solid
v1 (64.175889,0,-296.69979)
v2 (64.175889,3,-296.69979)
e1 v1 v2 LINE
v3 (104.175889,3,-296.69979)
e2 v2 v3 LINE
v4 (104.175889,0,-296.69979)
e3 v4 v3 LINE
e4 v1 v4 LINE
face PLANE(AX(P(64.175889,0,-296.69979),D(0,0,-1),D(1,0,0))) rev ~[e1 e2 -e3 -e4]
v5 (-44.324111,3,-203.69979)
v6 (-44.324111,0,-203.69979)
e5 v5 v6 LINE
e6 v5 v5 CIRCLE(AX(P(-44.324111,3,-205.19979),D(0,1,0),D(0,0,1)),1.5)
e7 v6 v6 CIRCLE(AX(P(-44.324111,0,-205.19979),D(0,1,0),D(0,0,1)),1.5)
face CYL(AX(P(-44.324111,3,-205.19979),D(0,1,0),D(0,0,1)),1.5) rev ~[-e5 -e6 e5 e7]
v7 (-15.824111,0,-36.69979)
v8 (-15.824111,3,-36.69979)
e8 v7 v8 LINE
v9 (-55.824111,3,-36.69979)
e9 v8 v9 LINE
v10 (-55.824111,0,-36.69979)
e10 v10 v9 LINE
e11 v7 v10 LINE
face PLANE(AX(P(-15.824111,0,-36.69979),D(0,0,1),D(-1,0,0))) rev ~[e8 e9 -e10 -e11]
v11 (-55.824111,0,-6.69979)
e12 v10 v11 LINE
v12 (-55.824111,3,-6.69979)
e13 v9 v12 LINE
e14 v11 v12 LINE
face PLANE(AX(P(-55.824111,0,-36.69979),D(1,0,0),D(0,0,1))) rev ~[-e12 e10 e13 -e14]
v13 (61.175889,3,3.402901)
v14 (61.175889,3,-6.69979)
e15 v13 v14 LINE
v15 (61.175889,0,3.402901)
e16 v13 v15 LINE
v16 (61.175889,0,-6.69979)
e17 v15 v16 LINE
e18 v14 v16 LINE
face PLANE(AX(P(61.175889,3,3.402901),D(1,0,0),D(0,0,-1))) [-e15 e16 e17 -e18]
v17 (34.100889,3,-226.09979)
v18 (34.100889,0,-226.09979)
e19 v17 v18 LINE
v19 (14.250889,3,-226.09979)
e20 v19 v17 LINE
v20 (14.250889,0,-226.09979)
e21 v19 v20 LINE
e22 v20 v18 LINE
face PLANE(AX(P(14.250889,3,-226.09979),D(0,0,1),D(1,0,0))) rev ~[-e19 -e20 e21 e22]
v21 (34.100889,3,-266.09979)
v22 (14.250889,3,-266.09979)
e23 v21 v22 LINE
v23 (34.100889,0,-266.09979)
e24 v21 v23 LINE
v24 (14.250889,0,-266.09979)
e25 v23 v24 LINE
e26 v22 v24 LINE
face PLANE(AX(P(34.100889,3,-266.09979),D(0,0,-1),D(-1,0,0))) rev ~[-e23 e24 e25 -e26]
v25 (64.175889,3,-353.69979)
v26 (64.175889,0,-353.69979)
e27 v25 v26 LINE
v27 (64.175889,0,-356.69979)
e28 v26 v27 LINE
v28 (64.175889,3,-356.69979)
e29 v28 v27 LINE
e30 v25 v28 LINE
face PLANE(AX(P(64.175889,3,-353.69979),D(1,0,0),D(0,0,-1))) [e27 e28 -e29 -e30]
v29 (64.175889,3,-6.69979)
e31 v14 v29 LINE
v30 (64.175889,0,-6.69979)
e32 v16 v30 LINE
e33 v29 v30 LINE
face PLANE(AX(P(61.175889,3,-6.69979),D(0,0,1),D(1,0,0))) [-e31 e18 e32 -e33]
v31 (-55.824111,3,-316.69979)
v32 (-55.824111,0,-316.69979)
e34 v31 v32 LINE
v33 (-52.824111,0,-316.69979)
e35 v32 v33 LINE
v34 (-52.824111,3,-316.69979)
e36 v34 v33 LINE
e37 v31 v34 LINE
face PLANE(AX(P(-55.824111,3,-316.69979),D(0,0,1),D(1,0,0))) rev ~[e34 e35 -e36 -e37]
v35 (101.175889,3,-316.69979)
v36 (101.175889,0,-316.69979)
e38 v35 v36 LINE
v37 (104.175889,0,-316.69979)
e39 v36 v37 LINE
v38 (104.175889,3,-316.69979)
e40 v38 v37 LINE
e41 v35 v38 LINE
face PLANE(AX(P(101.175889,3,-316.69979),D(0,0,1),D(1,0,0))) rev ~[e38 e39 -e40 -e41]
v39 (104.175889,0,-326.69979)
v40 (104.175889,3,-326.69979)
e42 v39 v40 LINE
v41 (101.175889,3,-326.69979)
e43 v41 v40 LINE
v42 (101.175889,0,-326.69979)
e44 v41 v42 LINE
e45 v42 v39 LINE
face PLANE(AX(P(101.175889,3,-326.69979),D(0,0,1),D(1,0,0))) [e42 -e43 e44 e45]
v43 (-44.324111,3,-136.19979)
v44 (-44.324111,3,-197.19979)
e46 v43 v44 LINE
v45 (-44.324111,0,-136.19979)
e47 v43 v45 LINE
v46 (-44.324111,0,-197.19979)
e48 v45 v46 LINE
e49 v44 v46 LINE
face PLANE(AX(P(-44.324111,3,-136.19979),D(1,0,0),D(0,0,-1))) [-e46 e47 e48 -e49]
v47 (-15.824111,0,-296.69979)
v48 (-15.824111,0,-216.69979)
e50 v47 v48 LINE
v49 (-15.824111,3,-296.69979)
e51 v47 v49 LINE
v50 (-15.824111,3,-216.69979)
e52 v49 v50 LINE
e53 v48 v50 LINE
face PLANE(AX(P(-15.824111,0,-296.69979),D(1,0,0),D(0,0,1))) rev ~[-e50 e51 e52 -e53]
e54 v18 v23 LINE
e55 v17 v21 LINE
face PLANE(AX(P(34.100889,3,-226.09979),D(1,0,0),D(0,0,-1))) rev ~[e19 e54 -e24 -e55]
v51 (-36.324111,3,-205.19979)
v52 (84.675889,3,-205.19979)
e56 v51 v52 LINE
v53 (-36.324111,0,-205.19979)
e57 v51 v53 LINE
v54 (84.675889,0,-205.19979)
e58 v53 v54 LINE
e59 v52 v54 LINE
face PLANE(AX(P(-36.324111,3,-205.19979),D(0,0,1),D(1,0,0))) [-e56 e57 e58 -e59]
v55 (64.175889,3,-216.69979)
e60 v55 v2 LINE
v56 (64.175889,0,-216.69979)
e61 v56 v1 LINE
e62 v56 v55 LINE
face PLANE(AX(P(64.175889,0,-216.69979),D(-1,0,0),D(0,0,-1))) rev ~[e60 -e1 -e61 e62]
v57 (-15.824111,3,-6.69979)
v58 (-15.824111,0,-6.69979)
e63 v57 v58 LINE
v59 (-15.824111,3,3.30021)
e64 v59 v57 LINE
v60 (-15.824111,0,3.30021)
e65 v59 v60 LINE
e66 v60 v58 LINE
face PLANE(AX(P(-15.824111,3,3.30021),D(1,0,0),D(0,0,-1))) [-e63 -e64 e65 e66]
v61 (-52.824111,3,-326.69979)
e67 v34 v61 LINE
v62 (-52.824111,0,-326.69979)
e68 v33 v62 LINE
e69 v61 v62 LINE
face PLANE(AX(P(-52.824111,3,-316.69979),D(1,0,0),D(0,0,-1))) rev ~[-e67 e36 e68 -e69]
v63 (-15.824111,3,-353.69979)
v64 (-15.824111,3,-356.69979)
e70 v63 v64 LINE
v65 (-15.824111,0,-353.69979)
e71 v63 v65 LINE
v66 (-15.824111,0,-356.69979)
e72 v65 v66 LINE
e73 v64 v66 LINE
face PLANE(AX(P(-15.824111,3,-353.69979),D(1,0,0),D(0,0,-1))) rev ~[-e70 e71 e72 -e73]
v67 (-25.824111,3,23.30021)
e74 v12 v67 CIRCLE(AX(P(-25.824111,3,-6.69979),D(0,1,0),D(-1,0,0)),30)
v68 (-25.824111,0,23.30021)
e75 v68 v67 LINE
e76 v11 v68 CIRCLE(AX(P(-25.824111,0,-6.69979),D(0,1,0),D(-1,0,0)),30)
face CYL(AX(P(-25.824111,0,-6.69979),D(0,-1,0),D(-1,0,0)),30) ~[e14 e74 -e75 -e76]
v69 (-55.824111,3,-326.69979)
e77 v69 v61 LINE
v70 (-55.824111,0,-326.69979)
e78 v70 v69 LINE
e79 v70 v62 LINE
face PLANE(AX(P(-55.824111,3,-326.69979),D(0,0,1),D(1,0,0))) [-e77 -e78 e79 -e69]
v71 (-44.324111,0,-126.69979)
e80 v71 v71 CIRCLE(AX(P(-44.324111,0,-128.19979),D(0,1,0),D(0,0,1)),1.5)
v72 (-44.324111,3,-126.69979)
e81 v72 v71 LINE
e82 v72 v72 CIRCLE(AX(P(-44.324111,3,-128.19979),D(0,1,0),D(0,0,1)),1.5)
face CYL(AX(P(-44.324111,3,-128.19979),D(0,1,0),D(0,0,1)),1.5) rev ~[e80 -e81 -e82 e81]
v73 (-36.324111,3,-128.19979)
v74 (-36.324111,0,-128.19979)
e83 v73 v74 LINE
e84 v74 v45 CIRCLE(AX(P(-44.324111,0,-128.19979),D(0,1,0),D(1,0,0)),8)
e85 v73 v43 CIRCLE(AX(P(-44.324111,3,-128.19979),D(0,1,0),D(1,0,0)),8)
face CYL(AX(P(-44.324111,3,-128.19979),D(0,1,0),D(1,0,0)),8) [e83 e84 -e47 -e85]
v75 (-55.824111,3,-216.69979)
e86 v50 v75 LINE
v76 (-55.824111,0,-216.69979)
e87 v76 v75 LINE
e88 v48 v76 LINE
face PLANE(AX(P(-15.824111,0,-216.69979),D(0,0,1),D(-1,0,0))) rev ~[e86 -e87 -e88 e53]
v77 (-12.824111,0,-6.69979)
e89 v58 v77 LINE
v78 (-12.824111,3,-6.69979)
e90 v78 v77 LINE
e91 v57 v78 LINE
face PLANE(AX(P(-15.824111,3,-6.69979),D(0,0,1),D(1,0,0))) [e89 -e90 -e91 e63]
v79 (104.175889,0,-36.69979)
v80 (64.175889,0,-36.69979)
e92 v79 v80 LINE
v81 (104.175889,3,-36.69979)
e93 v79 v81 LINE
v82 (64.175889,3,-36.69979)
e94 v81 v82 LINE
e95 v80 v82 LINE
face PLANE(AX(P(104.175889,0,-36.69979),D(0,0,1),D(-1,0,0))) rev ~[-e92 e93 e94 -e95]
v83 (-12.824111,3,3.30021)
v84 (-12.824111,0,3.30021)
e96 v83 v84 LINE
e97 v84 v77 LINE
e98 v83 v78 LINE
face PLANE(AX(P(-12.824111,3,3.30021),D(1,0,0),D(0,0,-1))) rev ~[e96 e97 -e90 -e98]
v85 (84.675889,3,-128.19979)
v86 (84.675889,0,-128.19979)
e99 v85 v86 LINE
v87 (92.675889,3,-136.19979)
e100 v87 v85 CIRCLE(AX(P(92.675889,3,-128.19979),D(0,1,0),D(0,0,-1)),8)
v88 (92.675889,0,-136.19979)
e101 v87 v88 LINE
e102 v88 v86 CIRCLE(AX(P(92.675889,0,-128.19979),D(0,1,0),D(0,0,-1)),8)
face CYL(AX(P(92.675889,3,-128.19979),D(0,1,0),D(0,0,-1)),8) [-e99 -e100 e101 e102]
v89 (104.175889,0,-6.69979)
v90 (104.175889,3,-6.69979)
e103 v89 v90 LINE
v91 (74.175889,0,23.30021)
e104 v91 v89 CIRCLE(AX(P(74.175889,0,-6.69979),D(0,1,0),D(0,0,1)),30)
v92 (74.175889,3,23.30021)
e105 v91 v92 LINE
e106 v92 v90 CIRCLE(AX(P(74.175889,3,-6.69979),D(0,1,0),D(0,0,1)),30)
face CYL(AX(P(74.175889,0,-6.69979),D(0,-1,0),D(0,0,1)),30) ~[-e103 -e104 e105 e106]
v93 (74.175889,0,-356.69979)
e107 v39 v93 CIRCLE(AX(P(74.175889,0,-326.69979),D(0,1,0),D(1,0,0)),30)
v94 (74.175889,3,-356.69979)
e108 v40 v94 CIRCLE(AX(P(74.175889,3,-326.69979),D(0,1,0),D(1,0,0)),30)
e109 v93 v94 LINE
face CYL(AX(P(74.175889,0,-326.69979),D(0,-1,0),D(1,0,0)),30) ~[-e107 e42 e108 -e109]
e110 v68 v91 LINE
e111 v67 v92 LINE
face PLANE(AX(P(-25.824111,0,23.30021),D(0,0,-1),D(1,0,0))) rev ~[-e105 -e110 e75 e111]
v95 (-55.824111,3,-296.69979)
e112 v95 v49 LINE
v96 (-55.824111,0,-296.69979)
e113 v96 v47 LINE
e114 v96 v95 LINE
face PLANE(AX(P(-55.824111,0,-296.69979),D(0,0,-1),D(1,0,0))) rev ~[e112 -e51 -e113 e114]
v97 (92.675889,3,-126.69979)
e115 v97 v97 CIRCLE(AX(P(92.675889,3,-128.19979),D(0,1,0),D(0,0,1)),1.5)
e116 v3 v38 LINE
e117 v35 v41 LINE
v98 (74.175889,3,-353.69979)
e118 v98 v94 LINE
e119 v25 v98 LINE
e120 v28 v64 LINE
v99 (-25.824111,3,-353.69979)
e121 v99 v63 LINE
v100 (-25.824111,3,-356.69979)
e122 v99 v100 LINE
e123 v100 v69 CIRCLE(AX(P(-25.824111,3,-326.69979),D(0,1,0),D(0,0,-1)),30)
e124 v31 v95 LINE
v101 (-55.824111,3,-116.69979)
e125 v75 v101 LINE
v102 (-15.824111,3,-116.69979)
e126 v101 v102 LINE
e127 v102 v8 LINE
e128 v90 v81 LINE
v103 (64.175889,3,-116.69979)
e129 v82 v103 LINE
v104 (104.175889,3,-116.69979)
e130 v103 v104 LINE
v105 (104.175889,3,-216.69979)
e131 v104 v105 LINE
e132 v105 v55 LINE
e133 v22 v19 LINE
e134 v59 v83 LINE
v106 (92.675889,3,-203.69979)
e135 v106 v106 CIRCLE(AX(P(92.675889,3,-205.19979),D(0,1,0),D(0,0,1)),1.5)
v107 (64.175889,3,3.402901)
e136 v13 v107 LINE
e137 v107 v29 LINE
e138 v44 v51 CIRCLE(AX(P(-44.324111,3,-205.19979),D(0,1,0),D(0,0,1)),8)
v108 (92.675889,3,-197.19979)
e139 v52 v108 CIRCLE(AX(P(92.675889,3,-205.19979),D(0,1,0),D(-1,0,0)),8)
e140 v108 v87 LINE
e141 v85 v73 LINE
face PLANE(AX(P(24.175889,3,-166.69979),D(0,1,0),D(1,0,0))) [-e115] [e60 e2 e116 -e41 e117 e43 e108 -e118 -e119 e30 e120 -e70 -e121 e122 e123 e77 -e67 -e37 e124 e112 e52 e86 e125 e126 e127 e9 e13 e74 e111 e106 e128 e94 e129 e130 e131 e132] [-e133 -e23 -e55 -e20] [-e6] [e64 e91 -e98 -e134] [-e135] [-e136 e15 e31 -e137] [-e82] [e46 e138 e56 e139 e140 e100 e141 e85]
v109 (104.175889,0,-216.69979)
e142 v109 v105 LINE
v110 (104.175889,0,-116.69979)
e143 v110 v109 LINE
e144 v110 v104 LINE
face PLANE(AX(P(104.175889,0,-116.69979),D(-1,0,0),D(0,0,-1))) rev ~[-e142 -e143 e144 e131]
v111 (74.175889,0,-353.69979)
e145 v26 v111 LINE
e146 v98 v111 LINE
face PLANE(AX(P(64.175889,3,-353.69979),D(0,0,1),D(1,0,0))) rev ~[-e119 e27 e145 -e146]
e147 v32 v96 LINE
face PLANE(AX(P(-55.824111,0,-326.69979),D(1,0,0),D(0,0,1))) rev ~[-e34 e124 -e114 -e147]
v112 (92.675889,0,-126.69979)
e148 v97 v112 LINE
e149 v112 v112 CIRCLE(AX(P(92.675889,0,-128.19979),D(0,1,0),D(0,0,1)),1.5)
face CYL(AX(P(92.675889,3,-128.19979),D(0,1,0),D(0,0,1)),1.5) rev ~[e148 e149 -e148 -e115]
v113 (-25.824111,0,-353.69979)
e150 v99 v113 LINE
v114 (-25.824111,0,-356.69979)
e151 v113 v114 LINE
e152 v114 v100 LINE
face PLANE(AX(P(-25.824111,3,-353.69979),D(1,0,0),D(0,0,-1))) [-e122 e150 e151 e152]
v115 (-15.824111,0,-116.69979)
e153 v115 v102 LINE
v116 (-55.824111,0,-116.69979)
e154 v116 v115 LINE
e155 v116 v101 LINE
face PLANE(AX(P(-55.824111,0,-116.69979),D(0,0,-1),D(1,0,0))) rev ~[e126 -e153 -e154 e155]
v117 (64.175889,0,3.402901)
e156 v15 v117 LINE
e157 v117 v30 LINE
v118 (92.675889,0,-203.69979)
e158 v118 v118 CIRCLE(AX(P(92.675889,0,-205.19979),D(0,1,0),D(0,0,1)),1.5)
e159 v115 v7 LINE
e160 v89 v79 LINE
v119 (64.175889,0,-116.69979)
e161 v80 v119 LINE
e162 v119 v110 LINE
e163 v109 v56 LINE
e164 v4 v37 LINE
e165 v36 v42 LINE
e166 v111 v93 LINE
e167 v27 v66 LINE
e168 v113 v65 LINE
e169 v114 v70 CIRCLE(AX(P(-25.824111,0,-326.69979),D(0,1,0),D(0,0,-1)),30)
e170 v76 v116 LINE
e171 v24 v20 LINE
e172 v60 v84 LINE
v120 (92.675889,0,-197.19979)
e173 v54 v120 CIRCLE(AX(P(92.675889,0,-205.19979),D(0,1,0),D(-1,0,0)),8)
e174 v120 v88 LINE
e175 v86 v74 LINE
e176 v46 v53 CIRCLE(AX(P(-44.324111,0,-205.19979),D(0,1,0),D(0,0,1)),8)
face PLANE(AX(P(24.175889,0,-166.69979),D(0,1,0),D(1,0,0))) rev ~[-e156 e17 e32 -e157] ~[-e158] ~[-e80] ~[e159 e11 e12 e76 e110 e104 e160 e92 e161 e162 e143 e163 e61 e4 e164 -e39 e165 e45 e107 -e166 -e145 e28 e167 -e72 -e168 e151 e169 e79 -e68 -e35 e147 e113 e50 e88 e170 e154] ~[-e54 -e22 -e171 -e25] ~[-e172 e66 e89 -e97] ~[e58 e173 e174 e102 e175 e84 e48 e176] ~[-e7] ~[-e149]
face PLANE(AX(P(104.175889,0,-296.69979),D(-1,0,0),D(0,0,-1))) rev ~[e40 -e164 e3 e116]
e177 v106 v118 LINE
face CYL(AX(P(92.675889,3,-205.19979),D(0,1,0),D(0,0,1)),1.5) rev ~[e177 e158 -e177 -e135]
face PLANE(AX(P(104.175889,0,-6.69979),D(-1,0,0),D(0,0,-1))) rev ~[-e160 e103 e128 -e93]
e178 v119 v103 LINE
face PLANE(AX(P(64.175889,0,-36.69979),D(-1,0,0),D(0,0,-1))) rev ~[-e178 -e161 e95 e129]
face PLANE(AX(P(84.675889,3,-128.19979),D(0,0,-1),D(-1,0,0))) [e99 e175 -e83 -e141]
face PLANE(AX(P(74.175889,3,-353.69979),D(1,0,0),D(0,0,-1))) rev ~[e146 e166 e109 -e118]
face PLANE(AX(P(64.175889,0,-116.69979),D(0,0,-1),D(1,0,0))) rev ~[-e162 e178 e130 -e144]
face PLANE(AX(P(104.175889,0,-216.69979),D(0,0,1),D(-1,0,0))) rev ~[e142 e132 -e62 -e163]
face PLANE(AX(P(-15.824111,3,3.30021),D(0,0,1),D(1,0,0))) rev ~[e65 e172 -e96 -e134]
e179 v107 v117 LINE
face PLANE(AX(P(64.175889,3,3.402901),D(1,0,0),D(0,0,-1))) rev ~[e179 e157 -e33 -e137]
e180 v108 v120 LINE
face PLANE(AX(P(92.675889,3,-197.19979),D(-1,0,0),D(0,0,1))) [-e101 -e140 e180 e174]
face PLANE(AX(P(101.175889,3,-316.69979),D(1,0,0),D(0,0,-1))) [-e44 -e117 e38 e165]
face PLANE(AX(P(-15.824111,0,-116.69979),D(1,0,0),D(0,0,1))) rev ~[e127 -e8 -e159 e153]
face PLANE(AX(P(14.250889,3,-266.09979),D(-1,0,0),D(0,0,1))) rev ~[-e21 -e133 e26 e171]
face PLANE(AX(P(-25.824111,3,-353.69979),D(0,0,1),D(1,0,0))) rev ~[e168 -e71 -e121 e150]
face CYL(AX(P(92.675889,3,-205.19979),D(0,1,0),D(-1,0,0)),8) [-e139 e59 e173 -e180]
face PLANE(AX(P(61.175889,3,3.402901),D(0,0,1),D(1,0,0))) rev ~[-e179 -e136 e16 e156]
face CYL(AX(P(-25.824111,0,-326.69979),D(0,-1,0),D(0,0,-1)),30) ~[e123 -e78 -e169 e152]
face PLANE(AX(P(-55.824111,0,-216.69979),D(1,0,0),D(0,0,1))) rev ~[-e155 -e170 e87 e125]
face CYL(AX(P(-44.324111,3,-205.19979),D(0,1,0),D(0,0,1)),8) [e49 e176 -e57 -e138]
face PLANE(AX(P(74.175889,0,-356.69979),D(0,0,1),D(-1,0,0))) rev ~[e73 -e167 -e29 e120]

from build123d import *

# Parameters (mm, degrees)
RESSALTO_EXTRUS_O1_DEPTH = 3
ESBO_O2_R                = 1.5
ESBO_O2_W                = 3
ESBO_O2_H                = 10
ESBO_O2_W_2              = 10
ESBO_O2_H_2              = 3
ESBO_O2_H_3              = 10.102691272
CORTE_EXTRUS_O2_DEPTH    = 3


with BuildPart() as part:
    # Esboço1 → Ressalto-extrusão1 (new body)
    with BuildSketch(Plane(origin=(0, 0, 0), x_dir=(1, 0, 0), z_dir=(0, 1, 0))):
        with BuildLine():
            Line((-25.82411142, -23.300209544), (74.17588858, -23.300209544))
            ThreePointArc((74.17588858, -23.300209544), (95.389092016, -14.513412979), (104.17588858, 6.699790456))
            Line((104.17588858, 6.699790456), (104.17588858, 36.699790456))
            Line((104.17588858, 36.699790456), (64.17588858, 36.699790456))
            Line((64.17588858, 36.699790456), (64.17588858, 116.699790456))
            Line((64.17588858, 116.699790456), (104.17588858, 116.699790456))
            Line((104.17588858, 116.699790456), (104.17588858, 216.699790456))
            Line((104.17588858, 216.699790456), (64.17588858, 216.699790456))
            Line((64.17588858, 216.699790456), (64.17588858, 296.699790456))
            Line((64.17588858, 296.699790456), (104.17588858, 296.699790456))
            Line((104.17588858, 296.699790456), (104.17588858, 326.699790456))
            ThreePointArc((104.17588858, 326.699790456), (95.389092016, 347.912993892), (74.17588858, 356.699790456))
            Line((74.17588858, 356.699790456), (-25.82411142, 356.699790456))
            ThreePointArc((-25.82411142, 356.699790456), (-47.037314855, 347.912993892), (-55.82411142, 326.699790456))
            Line((-55.82411142, 326.699790456), (-55.82411142, 296.699790456))
            Line((-55.82411142, 296.699790456), (-15.82411142, 296.699790456))
            Line((-15.82411142, 296.699790456), (-15.82411142, 216.699790456))
            Line((-15.82411142, 216.699790456), (-55.82411142, 216.699790456))
            Line((-55.82411142, 216.699790456), (-55.82411142, 116.699790456))
            Line((-55.82411142, 116.699790456), (-15.82411142, 116.699790456))
            Line((-15.82411142, 116.699790456), (-15.82411142, 36.699790456))
            Line((-15.82411142, 36.699790456), (-55.82411142, 36.699790456))
            Line((-55.82411142, 36.699790456), (-55.82411142, 6.699790456))
            ThreePointArc((-55.82411142, 6.699790456), (-47.037314855, -14.513412979), (-25.82411142, -23.300209544))
        make_face()
    extrude(amount=RESSALTO_EXTRUS_O1_DEPTH)

    # Esboço2 → Corte-extrusão2 (cut)
    with BuildSketch(Plane(origin=(0, 3, 0), x_dir=(1, 0, 0), z_dir=(0, 1, 0))):
        with Locations(Location((-44.32411142, 205.199790456, 0), (0, 0, 270))):
            Circle(ESBO_O2_R)
        with Locations(Location((-44.32411142, 128.199790456, 0), (0, 0, 270))):
            Circle(ESBO_O2_R)
        with Locations(Location((92.67588858, 128.199790456, 0), (0, 0, 270))):
            Circle(ESBO_O2_R)
        with Locations(Location((92.67588858, 205.199790456, 0), (0, 0, 270))):
            Circle(ESBO_O2_R)
        with Locations((102.67588858, 321.699790456)):
            Rectangle(ESBO_O2_W, ESBO_O2_H)
        with Locations((69.17588858, 355.199790456)):
            Rectangle(ESBO_O2_W_2, ESBO_O2_H_2)
        with BuildLine():
            Line((-36.32411142, 205.199790456), (84.67588858, 205.199790456))
            ThreePointArc((84.67588858, 205.199790456), (87.019034331, 199.542936207), (92.67588858, 197.199790456))
            Line((92.67588858, 197.199790456), (92.67588858, 136.199790456))
            ThreePointArc((92.67588858, 136.199790456), (87.019034331, 133.856644706), (84.67588858, 128.199790456))
            Line((84.67588858, 128.199790456), (-36.32411142, 128.199790456))
            ThreePointArc((-36.32411142, 128.199790456), (-38.66725717, 133.856644706), (-44.32411142, 136.199790456))
            Line((-44.32411142, 136.199790456), (-44.32411142, 197.199790456))
            ThreePointArc((-44.32411142, 197.199790456), (-38.66725717, 199.542936207), (-36.32411142, 205.199790456))
        make_face()
        with Locations((-14.32411142, 1.699790456)):
            Rectangle(ESBO_O2_W, ESBO_O2_H)
        with Locations((62.67588858, 1.64844482)):
            Rectangle(ESBO_O2_W, ESBO_O2_H_3)
        with Locations((-20.82411142, 355.199790456)):
            Rectangle(ESBO_O2_W_2, ESBO_O2_H_2)
        with Locations((-54.32411142, 321.699790456)):
            Rectangle(ESBO_O2_W, ESBO_O2_H)
        Polygon((34.10088858, 256.699790456), (34.10088858, 266.099790456), (14.25088858, 266.099790456), (14.25088858, 256.699790456), (14.25088858, 226.099790456), (34.10088858, 226.099790456), align=None)
    extrude(amount=-CORTE_EXTRUS_O2_DEPTH, mode=Mode.SUBTRACT)


solid = part.part
